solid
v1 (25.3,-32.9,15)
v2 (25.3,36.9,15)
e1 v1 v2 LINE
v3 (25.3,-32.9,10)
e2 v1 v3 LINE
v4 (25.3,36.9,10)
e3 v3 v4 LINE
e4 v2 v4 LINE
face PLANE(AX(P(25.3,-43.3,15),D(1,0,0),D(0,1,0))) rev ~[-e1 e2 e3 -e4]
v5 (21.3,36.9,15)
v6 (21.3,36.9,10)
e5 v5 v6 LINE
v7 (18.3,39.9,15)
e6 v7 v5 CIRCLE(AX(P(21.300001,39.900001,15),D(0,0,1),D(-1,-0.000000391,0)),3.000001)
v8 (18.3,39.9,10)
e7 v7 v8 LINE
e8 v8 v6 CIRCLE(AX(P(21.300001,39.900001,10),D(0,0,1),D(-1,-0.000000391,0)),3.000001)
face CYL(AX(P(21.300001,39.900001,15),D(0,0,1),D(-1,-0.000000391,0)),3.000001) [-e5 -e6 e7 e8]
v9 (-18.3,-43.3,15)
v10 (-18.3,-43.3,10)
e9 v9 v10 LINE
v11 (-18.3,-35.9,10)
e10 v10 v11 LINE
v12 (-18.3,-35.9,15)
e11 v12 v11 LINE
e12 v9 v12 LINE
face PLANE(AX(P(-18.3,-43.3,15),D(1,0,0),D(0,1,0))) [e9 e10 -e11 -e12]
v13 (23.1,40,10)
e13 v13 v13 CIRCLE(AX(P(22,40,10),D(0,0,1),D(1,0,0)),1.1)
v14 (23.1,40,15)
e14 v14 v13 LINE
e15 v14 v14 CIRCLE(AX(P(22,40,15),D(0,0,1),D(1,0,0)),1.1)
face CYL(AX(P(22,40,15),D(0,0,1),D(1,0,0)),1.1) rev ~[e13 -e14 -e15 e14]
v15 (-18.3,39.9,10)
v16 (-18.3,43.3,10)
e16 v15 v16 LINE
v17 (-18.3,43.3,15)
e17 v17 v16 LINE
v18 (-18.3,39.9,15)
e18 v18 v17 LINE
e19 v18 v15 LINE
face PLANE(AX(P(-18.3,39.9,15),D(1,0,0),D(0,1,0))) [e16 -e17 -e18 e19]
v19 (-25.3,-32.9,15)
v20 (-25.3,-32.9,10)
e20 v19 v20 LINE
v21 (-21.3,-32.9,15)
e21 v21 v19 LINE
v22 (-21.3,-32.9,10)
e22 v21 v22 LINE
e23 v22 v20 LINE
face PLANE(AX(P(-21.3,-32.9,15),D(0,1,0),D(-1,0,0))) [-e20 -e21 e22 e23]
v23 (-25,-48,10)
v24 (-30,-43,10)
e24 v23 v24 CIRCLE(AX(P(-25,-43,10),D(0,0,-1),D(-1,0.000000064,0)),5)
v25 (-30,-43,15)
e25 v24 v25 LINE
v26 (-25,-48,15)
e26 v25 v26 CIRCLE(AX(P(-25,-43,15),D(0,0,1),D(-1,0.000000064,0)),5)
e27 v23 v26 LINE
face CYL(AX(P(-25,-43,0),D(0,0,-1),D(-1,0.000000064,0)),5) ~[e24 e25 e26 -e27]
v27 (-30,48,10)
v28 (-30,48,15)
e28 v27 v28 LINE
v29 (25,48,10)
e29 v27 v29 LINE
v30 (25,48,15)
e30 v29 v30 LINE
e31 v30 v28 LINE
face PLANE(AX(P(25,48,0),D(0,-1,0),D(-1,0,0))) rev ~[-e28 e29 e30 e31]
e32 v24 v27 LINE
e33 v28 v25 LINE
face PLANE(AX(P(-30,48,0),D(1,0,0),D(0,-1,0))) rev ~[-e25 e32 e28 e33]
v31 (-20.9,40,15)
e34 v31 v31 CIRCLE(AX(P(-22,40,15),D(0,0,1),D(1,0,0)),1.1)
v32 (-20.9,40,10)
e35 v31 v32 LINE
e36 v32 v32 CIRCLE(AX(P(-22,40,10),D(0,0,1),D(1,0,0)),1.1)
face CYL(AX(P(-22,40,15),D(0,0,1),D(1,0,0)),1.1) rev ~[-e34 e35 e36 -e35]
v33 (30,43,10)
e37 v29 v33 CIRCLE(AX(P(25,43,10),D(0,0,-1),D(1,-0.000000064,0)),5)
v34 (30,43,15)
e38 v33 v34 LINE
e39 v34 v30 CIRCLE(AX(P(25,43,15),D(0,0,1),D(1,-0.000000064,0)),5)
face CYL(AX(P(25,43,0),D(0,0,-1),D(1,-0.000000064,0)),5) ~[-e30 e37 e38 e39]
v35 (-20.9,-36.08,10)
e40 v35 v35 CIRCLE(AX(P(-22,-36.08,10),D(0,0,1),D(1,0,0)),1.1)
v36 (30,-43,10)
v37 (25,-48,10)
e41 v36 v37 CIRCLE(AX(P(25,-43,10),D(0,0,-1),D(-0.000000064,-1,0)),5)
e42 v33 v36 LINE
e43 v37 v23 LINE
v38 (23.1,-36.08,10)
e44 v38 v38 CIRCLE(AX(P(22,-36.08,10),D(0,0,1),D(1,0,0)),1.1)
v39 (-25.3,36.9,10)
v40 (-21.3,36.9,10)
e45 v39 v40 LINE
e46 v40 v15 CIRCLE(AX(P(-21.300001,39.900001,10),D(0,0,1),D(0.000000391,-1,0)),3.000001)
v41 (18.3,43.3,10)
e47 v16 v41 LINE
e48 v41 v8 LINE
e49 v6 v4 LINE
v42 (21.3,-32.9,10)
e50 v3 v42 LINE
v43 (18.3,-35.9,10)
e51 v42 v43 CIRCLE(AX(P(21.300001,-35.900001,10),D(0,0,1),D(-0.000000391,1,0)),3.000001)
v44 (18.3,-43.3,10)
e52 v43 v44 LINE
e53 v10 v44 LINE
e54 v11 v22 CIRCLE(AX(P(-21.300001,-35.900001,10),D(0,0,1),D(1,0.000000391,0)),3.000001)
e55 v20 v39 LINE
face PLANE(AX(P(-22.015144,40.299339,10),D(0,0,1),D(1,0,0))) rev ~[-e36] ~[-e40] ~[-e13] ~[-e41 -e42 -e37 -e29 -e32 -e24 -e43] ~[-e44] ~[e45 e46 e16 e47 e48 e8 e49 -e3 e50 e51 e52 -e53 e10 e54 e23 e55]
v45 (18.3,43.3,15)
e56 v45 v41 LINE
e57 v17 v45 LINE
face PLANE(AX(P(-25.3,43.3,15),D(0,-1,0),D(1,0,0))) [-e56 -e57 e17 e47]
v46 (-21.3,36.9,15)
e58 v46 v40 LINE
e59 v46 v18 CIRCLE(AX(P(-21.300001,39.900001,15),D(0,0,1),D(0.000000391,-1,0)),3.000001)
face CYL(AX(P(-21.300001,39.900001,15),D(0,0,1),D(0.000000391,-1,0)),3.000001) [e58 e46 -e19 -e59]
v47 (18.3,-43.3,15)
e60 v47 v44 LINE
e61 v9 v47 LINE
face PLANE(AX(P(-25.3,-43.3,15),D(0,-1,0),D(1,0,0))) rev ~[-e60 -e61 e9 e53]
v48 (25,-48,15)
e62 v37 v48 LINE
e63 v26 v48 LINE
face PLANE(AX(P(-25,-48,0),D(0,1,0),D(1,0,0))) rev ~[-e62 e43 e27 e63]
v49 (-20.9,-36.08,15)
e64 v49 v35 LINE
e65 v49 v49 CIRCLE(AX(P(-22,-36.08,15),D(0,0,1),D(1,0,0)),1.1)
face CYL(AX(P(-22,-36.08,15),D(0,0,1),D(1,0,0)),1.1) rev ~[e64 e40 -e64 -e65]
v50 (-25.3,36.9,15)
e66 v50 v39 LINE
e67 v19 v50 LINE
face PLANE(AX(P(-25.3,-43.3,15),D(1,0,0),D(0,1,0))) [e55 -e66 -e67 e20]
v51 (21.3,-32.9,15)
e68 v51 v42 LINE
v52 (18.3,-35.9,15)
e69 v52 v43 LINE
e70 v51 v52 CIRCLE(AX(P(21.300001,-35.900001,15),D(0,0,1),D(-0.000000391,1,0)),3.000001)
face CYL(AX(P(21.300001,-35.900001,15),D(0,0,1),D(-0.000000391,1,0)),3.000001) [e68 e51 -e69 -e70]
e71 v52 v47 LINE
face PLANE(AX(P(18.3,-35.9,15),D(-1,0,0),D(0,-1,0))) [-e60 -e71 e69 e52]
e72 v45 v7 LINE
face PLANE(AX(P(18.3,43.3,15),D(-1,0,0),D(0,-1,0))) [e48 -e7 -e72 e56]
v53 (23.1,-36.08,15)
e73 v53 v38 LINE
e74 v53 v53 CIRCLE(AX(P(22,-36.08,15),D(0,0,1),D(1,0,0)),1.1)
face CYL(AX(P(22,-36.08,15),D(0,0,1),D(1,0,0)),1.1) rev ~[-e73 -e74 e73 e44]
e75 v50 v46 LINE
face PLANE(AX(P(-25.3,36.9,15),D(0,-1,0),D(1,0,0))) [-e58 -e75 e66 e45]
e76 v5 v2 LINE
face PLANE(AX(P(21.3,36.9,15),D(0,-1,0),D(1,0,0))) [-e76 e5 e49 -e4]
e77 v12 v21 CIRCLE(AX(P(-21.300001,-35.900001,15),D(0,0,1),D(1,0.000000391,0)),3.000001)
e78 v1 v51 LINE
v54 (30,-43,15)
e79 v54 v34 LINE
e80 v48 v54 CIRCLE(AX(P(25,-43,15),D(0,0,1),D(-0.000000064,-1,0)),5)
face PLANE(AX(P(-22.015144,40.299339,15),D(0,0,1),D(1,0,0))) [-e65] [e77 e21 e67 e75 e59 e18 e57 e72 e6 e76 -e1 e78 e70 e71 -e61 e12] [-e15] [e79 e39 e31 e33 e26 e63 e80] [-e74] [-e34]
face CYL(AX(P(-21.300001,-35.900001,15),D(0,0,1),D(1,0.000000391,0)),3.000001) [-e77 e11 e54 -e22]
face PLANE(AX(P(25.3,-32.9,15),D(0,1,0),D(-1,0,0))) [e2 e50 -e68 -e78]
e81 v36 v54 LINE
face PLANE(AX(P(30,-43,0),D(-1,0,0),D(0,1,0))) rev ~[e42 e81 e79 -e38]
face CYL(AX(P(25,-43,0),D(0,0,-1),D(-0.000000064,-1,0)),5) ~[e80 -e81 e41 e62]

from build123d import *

# Parameters (mm, degrees)
F0_R     = 1.5
F1_DEPTH = 15
F2_W     = 50.6
F2_H     = 86.6
F2_R     = 1.5
F3_DEPTH = 22
F4_R     = 1.1
F5_DEPTH = 5
F6_W     = 105.847951
F6_H     = 180.898867
F7_DEPTH = 10


with BuildPart() as f1:
    # F0 (on Top) → F1 (new body)
    with BuildSketch(Plane.XY):
        with BuildLine():
            Line((-25, -48), (25, -48))
            ThreePointArc((25, -48), (28.535534, -46.535534), (30, -43))
            Line((30, -43), (30, 43))
            ThreePointArc((30, 43), (28.535534, 46.535534), (25, 48))
            Line((25, 48), (-27, 48))
            Line((-27, 48), (-30, 48))
            Line((-30, 48), (-30, 43))
            Line((-30, 43), (-30, -43))
            ThreePointArc((-30, -43), (-28.535534, -46.535534), (-25, -48))
        make_face()
        with Locations((-22, -36.08)):
            Circle(F0_R, mode=Mode.SUBTRACT)
        with Locations((22, -36.08)):
            Circle(F0_R, mode=Mode.SUBTRACT)
        with Locations((-22, 40)):
            Circle(F0_R, mode=Mode.SUBTRACT)
        with Locations((22, 40)):
            Circle(F0_R, mode=Mode.SUBTRACT)
    extrude(amount=F1_DEPTH)

    # F2 (on face) → F3 (cut)
    with BuildSketch(Plane.XY.offset(15)):
        Rectangle(F2_W, F2_H)
        with Locations((-22, -36.08)):
            Circle(F2_R, mode=Mode.SUBTRACT)
        with Locations((22, -36.08)):
            Circle(F2_R, mode=Mode.SUBTRACT)
        with Locations((-22, 40)):
            Circle(F2_R, mode=Mode.SUBTRACT)
        with Locations((22, 40)):
            Circle(F2_R, mode=Mode.SUBTRACT)
    extrude(amount=-F3_DEPTH, mode=Mode.SUBTRACT)

    # F4 (on face) → F5 (join)
    with BuildSketch(Plane.XY.offset(15)):
        with BuildLine():
            Line((-18.3, 43.3), (-25.3, 43.3))
            Line((-25.3, 43.3), (-25.3, 36.9))
            Line((-25.3, 36.9), (-21.3, 36.9))
            ThreePointArc((-21.3, 36.9), (-19.17868, 37.77868), (-18.3, 39.9))
            Line((-18.3, 39.9), (-18.3, 43.3))
        make_face()
        with Locations((-22, 40)):
            Circle(F4_R, mode=Mode.SUBTRACT)
        with BuildLine():
            Line((25.3, 36.9), (25.3, 43.3))
            Line((25.3, 43.3), (18.3, 43.3))
            Line((18.3, 43.3), (18.3, 39.9))
            ThreePointArc((18.3, 39.9), (19.17868, 37.77868), (21.3, 36.9))
            Line((21.3, 36.9), (25.3, 36.9))
        make_face()
        with Locations((22, 40)):
            Circle(F4_R, mode=Mode.SUBTRACT)
        with BuildLine():
            Line((18.3, -43.3), (25.3, -43.3))
            Line((25.3, -43.3), (25.3, -32.9))
            Line((25.3, -32.9), (21.3, -32.9))
            ThreePointArc((21.3, -32.9), (19.17868, -33.77868), (18.3, -35.9))
            Line((18.3, -35.9), (18.3, -43.3))
        make_face()
        with Locations((22, -36.08)):
            Circle(F4_R, mode=Mode.SUBTRACT)
        with BuildLine():
            Line((-25.3, -32.9), (-25.3, -43.3))
            Line((-25.3, -43.3), (-18.3, -43.3))
            Line((-18.3, -43.3), (-18.3, -35.9))
            ThreePointArc((-18.3, -35.9), (-19.17868, -33.77868), (-21.3, -32.9))
            Line((-21.3, -32.9), (-25.3, -32.9))
        make_face()
        with Locations((-22, -36.08)):
            Circle(F4_R, mode=Mode.SUBTRACT)
    extrude(amount=-F5_DEPTH)

    # F6 (on face) → F7 (cut)
    with BuildSketch(Plane(origin=(0, 0, 0), x_dir=(1, 0, 0), z_dir=(0, 0, -1))):
        with Locations((-5.788153, -4.893799)):
            Rectangle(F6_W, F6_H)
    extrude(amount=-F7_DEPTH, mode=Mode.SUBTRACT)


solid = f1.part
